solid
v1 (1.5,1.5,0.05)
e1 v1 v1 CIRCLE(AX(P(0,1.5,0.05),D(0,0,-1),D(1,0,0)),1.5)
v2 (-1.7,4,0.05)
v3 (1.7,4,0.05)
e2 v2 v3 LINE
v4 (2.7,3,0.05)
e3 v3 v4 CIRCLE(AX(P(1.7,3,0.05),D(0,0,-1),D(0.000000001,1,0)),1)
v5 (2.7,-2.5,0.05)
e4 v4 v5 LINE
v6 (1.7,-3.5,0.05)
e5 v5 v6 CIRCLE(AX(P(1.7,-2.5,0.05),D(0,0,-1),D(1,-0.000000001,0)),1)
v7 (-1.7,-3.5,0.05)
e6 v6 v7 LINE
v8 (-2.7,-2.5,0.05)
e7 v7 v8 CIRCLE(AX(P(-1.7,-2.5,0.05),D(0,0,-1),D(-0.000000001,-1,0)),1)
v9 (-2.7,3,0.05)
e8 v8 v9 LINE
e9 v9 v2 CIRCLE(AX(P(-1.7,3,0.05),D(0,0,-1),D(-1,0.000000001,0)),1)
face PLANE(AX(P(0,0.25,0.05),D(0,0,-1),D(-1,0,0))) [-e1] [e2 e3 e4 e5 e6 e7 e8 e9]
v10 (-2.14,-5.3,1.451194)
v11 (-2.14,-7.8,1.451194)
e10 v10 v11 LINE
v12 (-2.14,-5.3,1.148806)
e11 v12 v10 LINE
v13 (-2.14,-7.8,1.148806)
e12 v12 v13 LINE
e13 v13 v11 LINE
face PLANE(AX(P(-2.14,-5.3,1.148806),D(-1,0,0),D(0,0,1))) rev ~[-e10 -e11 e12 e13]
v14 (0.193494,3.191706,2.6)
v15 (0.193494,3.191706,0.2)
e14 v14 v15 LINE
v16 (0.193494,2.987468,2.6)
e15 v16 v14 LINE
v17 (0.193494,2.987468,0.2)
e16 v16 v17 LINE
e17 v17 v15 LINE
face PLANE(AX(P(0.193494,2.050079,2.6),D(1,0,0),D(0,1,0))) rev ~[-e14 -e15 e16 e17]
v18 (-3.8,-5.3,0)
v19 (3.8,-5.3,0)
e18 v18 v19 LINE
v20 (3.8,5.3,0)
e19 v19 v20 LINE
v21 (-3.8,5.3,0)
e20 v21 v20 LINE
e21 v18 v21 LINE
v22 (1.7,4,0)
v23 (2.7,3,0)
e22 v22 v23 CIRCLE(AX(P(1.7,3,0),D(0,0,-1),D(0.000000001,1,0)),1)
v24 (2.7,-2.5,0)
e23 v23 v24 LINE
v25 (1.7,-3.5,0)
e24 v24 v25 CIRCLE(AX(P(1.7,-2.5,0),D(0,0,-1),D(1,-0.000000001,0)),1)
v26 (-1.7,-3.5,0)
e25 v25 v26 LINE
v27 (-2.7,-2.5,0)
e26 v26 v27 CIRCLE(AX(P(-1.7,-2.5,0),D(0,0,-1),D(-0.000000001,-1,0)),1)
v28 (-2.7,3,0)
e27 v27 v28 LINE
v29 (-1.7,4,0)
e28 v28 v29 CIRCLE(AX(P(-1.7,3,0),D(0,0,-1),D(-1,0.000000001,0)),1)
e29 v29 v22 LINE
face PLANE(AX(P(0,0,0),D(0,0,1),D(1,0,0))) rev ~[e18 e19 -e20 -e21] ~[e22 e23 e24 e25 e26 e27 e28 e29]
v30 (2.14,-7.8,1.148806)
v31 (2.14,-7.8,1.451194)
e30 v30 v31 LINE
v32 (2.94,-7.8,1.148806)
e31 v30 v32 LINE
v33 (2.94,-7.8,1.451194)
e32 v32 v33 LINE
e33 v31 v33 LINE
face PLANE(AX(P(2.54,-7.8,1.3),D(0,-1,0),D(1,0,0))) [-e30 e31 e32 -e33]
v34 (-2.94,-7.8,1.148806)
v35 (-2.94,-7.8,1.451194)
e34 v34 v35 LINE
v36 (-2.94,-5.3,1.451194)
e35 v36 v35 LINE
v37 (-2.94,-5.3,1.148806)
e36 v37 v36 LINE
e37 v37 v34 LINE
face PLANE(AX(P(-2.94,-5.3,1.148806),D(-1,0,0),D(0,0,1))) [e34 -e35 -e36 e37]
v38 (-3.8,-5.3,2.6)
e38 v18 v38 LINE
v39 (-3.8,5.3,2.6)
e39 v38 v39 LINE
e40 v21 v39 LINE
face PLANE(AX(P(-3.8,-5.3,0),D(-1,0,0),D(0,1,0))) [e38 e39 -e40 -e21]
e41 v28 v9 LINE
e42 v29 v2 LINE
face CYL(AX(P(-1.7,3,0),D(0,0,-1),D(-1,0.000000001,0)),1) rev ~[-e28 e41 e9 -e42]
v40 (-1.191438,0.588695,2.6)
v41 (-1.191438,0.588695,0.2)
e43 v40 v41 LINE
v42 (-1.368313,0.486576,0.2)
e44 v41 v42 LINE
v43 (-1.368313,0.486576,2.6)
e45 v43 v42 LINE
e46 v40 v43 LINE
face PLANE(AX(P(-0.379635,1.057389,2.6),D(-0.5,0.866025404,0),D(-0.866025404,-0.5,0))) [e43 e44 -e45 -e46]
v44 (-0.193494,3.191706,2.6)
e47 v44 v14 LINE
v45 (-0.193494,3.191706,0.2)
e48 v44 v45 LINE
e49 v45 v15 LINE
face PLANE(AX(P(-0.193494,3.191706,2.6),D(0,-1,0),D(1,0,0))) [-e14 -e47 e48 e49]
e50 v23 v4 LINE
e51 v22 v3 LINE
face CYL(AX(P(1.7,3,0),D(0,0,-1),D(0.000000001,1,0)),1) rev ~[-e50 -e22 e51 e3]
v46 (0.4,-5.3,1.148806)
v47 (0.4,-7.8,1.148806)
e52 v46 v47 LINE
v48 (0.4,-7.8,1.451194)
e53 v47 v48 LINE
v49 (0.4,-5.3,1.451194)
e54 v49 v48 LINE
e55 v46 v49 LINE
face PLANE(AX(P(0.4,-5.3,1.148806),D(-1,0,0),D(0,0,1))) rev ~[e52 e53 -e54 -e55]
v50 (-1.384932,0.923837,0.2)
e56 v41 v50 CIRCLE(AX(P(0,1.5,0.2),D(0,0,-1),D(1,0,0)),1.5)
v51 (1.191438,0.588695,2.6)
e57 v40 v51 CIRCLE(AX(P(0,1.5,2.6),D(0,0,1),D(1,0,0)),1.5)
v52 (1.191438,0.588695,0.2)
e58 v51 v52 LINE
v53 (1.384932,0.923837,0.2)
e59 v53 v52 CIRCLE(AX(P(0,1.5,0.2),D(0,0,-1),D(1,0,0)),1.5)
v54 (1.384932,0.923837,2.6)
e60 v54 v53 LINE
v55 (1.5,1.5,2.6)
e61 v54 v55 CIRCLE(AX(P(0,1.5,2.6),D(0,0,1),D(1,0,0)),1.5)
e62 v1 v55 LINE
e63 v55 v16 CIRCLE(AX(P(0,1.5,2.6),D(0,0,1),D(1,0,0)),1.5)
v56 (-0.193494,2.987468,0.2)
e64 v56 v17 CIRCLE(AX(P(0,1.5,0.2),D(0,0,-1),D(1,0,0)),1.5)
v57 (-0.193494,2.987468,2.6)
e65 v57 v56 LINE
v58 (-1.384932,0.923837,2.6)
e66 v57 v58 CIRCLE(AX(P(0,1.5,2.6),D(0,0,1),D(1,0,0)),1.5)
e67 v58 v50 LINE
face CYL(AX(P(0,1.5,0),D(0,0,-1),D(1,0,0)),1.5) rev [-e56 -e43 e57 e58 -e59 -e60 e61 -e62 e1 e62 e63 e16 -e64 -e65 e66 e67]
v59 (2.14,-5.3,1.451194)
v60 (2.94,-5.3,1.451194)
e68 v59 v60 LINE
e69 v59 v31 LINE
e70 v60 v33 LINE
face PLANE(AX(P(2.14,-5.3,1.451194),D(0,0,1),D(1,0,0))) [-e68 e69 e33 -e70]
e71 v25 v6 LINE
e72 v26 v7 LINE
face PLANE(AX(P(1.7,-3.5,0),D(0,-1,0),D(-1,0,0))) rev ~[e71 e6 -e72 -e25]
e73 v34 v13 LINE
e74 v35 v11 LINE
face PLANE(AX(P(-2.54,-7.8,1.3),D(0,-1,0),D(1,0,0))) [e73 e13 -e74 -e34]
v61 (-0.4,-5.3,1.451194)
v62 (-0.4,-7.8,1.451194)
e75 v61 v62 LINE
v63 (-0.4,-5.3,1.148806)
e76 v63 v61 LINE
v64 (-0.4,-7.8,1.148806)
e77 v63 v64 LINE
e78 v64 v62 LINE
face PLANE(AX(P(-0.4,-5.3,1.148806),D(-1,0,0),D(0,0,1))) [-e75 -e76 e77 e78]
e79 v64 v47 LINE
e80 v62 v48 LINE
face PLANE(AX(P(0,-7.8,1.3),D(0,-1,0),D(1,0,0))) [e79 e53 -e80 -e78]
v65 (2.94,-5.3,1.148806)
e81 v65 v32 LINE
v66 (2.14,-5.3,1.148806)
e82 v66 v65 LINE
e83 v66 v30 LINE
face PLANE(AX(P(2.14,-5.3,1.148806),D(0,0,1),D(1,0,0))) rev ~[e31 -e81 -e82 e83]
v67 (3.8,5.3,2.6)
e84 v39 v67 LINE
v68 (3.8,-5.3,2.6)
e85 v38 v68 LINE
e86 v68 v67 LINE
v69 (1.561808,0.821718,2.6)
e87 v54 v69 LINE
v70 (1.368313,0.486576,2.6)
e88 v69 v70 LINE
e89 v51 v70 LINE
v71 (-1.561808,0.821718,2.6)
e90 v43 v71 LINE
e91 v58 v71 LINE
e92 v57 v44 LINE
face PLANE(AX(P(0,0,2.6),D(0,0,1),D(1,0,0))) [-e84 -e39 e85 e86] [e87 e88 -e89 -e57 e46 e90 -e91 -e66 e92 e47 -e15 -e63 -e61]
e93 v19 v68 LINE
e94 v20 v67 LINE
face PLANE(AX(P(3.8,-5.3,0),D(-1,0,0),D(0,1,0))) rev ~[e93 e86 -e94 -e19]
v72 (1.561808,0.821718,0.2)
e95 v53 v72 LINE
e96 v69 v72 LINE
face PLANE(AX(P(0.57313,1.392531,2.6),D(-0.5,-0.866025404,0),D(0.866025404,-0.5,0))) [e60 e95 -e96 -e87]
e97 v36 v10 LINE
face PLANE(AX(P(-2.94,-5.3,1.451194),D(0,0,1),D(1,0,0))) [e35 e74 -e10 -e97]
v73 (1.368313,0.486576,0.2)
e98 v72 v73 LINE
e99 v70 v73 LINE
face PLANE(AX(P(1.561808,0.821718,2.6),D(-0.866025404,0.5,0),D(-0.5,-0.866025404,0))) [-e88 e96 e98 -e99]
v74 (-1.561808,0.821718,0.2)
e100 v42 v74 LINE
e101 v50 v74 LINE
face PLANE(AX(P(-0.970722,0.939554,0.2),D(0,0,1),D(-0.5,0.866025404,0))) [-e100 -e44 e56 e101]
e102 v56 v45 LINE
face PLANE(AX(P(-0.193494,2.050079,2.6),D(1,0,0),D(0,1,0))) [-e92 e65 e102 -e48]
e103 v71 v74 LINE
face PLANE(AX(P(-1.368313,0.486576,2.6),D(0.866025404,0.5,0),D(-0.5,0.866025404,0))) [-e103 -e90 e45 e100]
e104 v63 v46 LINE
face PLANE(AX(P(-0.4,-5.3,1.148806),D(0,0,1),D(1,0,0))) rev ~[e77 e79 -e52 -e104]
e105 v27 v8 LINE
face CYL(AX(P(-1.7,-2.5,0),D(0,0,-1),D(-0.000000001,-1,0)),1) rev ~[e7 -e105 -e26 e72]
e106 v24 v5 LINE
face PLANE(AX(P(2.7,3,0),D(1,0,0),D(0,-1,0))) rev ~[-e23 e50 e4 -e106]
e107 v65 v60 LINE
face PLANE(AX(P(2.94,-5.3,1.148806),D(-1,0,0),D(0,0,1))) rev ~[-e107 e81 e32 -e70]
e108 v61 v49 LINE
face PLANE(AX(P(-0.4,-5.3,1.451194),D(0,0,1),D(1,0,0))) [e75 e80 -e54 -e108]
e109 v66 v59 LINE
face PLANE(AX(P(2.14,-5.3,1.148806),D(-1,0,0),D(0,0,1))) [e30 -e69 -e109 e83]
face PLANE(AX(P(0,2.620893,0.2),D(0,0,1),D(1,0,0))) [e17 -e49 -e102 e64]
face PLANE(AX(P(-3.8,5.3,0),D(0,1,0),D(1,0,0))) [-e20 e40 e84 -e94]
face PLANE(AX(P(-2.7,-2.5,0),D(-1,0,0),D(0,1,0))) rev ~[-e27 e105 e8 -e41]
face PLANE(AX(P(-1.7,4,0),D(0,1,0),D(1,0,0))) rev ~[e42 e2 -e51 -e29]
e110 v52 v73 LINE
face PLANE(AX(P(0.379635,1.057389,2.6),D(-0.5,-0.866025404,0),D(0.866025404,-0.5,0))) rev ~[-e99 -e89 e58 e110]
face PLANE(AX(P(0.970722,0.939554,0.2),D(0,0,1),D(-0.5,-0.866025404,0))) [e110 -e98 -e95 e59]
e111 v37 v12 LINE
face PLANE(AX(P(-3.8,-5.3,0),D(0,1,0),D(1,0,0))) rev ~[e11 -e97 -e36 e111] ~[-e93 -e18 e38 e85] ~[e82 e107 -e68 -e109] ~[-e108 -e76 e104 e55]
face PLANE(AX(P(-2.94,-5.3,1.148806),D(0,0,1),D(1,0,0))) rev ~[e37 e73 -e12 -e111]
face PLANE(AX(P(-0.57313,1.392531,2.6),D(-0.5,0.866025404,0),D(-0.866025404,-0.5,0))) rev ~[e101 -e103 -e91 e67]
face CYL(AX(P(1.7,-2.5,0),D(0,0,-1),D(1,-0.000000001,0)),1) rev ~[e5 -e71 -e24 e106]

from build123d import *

# Parameters (mm, degrees)
ESBO_O1_W                = 7.6
ESBO_O1_H                = 10.6
ESBO_O1_R                = 1.5
RESSALTO_EXTRUS_O1_DEPTH = 2.6
ESBO_O2_W                = 0.386988846
ESBO_O2_H                = 1.141626943
CORTE_EXTRUS_O1_DEPTH    = 2.4
PADR_OCIRCULAR1_COUNT    = 3
CORTE_EXTRUS_O2_DEPTH    = 0.05
ESBO_O4_W                = 0.8
ESBO_O4_H                = 0.302387696
RESSALTO_EXTRUS_O2_DEPTH = 2.5


with BuildPart() as part:
    # Esboço1 → Ressalto-extrusão1 (new body)
    with BuildSketch(Plane.XY):
        Rectangle(ESBO_O1_W, ESBO_O1_H)
        with Locations((0, 1.5)):
            Circle(ESBO_O1_R, mode=Mode.SUBTRACT)
    extrude(amount=RESSALTO_EXTRUS_O1_DEPTH)

    # Esboço2 → Corte-extrusão1 (cut)
    with BuildSketch(Plane.XY.offset(2.6)):
        with Locations((0, 2.620892828)):
            Rectangle(ESBO_O2_W, ESBO_O2_H)
    corte_extrus_o1 = extrude(amount=-CORTE_EXTRUS_O1_DEPTH, mode=Mode.SUBTRACT)

    # PadrãoCircular1: Corte-extrusão1 ×3 about axis
    padr_ocircular1_axis = Axis((0, 1.5, 0), (0, 0, 1))
    for i in range(1, PADR_OCIRCULAR1_COUNT):
        add(corte_extrus_o1.rotate(padr_ocircular1_axis, i * 360 / PADR_OCIRCULAR1_COUNT), mode=Mode.SUBTRACT)

    # Esboço3 → Corte-extrusão2 (cut)
    with BuildSketch(Plane(origin=(0, 0, 0), x_dir=(-1, 0, 0), z_dir=(0, 0, -1))):
        with BuildLine():
            Line((-1.7, -3.5), (1.7, -3.5))
            ThreePointArc((1.7, -3.5), (2.407106781, -3.207106781), (2.7, -2.5))
            Line((2.7, -2.5), (2.7, 3))
            ThreePointArc((2.7, 3), (2.407106781, 3.707106781), (1.7, 4))
            Line((1.7, 4), (-1.7, 4))
            ThreePointArc((-1.7, 4), (-2.407106781, 3.707106781), (-2.7, 3))
            Line((-2.7, 3), (-2.7, -2.5))
            ThreePointArc((-2.7, -2.5), (-2.407106781, -3.207106781), (-1.7, -3.5))
        make_face()
    extrude(amount=-CORTE_EXTRUS_O2_DEPTH, mode=Mode.SUBTRACT)

    # Esboço4 → Ressalto-extrusão2 (add)
    with BuildSketch(Plane.XZ.offset(5.3)):
        with Locations((-2.54, 1.3)):
            Rectangle(ESBO_O4_W, ESBO_O4_H)
        with Locations((0, 1.3)):
            Rectangle(ESBO_O4_W, ESBO_O4_H)
        with Locations((2.54, 1.3)):
            Rectangle(ESBO_O4_W, ESBO_O4_H)
    extrude(amount=RESSALTO_EXTRUS_O2_DEPTH)


solid = part.part
